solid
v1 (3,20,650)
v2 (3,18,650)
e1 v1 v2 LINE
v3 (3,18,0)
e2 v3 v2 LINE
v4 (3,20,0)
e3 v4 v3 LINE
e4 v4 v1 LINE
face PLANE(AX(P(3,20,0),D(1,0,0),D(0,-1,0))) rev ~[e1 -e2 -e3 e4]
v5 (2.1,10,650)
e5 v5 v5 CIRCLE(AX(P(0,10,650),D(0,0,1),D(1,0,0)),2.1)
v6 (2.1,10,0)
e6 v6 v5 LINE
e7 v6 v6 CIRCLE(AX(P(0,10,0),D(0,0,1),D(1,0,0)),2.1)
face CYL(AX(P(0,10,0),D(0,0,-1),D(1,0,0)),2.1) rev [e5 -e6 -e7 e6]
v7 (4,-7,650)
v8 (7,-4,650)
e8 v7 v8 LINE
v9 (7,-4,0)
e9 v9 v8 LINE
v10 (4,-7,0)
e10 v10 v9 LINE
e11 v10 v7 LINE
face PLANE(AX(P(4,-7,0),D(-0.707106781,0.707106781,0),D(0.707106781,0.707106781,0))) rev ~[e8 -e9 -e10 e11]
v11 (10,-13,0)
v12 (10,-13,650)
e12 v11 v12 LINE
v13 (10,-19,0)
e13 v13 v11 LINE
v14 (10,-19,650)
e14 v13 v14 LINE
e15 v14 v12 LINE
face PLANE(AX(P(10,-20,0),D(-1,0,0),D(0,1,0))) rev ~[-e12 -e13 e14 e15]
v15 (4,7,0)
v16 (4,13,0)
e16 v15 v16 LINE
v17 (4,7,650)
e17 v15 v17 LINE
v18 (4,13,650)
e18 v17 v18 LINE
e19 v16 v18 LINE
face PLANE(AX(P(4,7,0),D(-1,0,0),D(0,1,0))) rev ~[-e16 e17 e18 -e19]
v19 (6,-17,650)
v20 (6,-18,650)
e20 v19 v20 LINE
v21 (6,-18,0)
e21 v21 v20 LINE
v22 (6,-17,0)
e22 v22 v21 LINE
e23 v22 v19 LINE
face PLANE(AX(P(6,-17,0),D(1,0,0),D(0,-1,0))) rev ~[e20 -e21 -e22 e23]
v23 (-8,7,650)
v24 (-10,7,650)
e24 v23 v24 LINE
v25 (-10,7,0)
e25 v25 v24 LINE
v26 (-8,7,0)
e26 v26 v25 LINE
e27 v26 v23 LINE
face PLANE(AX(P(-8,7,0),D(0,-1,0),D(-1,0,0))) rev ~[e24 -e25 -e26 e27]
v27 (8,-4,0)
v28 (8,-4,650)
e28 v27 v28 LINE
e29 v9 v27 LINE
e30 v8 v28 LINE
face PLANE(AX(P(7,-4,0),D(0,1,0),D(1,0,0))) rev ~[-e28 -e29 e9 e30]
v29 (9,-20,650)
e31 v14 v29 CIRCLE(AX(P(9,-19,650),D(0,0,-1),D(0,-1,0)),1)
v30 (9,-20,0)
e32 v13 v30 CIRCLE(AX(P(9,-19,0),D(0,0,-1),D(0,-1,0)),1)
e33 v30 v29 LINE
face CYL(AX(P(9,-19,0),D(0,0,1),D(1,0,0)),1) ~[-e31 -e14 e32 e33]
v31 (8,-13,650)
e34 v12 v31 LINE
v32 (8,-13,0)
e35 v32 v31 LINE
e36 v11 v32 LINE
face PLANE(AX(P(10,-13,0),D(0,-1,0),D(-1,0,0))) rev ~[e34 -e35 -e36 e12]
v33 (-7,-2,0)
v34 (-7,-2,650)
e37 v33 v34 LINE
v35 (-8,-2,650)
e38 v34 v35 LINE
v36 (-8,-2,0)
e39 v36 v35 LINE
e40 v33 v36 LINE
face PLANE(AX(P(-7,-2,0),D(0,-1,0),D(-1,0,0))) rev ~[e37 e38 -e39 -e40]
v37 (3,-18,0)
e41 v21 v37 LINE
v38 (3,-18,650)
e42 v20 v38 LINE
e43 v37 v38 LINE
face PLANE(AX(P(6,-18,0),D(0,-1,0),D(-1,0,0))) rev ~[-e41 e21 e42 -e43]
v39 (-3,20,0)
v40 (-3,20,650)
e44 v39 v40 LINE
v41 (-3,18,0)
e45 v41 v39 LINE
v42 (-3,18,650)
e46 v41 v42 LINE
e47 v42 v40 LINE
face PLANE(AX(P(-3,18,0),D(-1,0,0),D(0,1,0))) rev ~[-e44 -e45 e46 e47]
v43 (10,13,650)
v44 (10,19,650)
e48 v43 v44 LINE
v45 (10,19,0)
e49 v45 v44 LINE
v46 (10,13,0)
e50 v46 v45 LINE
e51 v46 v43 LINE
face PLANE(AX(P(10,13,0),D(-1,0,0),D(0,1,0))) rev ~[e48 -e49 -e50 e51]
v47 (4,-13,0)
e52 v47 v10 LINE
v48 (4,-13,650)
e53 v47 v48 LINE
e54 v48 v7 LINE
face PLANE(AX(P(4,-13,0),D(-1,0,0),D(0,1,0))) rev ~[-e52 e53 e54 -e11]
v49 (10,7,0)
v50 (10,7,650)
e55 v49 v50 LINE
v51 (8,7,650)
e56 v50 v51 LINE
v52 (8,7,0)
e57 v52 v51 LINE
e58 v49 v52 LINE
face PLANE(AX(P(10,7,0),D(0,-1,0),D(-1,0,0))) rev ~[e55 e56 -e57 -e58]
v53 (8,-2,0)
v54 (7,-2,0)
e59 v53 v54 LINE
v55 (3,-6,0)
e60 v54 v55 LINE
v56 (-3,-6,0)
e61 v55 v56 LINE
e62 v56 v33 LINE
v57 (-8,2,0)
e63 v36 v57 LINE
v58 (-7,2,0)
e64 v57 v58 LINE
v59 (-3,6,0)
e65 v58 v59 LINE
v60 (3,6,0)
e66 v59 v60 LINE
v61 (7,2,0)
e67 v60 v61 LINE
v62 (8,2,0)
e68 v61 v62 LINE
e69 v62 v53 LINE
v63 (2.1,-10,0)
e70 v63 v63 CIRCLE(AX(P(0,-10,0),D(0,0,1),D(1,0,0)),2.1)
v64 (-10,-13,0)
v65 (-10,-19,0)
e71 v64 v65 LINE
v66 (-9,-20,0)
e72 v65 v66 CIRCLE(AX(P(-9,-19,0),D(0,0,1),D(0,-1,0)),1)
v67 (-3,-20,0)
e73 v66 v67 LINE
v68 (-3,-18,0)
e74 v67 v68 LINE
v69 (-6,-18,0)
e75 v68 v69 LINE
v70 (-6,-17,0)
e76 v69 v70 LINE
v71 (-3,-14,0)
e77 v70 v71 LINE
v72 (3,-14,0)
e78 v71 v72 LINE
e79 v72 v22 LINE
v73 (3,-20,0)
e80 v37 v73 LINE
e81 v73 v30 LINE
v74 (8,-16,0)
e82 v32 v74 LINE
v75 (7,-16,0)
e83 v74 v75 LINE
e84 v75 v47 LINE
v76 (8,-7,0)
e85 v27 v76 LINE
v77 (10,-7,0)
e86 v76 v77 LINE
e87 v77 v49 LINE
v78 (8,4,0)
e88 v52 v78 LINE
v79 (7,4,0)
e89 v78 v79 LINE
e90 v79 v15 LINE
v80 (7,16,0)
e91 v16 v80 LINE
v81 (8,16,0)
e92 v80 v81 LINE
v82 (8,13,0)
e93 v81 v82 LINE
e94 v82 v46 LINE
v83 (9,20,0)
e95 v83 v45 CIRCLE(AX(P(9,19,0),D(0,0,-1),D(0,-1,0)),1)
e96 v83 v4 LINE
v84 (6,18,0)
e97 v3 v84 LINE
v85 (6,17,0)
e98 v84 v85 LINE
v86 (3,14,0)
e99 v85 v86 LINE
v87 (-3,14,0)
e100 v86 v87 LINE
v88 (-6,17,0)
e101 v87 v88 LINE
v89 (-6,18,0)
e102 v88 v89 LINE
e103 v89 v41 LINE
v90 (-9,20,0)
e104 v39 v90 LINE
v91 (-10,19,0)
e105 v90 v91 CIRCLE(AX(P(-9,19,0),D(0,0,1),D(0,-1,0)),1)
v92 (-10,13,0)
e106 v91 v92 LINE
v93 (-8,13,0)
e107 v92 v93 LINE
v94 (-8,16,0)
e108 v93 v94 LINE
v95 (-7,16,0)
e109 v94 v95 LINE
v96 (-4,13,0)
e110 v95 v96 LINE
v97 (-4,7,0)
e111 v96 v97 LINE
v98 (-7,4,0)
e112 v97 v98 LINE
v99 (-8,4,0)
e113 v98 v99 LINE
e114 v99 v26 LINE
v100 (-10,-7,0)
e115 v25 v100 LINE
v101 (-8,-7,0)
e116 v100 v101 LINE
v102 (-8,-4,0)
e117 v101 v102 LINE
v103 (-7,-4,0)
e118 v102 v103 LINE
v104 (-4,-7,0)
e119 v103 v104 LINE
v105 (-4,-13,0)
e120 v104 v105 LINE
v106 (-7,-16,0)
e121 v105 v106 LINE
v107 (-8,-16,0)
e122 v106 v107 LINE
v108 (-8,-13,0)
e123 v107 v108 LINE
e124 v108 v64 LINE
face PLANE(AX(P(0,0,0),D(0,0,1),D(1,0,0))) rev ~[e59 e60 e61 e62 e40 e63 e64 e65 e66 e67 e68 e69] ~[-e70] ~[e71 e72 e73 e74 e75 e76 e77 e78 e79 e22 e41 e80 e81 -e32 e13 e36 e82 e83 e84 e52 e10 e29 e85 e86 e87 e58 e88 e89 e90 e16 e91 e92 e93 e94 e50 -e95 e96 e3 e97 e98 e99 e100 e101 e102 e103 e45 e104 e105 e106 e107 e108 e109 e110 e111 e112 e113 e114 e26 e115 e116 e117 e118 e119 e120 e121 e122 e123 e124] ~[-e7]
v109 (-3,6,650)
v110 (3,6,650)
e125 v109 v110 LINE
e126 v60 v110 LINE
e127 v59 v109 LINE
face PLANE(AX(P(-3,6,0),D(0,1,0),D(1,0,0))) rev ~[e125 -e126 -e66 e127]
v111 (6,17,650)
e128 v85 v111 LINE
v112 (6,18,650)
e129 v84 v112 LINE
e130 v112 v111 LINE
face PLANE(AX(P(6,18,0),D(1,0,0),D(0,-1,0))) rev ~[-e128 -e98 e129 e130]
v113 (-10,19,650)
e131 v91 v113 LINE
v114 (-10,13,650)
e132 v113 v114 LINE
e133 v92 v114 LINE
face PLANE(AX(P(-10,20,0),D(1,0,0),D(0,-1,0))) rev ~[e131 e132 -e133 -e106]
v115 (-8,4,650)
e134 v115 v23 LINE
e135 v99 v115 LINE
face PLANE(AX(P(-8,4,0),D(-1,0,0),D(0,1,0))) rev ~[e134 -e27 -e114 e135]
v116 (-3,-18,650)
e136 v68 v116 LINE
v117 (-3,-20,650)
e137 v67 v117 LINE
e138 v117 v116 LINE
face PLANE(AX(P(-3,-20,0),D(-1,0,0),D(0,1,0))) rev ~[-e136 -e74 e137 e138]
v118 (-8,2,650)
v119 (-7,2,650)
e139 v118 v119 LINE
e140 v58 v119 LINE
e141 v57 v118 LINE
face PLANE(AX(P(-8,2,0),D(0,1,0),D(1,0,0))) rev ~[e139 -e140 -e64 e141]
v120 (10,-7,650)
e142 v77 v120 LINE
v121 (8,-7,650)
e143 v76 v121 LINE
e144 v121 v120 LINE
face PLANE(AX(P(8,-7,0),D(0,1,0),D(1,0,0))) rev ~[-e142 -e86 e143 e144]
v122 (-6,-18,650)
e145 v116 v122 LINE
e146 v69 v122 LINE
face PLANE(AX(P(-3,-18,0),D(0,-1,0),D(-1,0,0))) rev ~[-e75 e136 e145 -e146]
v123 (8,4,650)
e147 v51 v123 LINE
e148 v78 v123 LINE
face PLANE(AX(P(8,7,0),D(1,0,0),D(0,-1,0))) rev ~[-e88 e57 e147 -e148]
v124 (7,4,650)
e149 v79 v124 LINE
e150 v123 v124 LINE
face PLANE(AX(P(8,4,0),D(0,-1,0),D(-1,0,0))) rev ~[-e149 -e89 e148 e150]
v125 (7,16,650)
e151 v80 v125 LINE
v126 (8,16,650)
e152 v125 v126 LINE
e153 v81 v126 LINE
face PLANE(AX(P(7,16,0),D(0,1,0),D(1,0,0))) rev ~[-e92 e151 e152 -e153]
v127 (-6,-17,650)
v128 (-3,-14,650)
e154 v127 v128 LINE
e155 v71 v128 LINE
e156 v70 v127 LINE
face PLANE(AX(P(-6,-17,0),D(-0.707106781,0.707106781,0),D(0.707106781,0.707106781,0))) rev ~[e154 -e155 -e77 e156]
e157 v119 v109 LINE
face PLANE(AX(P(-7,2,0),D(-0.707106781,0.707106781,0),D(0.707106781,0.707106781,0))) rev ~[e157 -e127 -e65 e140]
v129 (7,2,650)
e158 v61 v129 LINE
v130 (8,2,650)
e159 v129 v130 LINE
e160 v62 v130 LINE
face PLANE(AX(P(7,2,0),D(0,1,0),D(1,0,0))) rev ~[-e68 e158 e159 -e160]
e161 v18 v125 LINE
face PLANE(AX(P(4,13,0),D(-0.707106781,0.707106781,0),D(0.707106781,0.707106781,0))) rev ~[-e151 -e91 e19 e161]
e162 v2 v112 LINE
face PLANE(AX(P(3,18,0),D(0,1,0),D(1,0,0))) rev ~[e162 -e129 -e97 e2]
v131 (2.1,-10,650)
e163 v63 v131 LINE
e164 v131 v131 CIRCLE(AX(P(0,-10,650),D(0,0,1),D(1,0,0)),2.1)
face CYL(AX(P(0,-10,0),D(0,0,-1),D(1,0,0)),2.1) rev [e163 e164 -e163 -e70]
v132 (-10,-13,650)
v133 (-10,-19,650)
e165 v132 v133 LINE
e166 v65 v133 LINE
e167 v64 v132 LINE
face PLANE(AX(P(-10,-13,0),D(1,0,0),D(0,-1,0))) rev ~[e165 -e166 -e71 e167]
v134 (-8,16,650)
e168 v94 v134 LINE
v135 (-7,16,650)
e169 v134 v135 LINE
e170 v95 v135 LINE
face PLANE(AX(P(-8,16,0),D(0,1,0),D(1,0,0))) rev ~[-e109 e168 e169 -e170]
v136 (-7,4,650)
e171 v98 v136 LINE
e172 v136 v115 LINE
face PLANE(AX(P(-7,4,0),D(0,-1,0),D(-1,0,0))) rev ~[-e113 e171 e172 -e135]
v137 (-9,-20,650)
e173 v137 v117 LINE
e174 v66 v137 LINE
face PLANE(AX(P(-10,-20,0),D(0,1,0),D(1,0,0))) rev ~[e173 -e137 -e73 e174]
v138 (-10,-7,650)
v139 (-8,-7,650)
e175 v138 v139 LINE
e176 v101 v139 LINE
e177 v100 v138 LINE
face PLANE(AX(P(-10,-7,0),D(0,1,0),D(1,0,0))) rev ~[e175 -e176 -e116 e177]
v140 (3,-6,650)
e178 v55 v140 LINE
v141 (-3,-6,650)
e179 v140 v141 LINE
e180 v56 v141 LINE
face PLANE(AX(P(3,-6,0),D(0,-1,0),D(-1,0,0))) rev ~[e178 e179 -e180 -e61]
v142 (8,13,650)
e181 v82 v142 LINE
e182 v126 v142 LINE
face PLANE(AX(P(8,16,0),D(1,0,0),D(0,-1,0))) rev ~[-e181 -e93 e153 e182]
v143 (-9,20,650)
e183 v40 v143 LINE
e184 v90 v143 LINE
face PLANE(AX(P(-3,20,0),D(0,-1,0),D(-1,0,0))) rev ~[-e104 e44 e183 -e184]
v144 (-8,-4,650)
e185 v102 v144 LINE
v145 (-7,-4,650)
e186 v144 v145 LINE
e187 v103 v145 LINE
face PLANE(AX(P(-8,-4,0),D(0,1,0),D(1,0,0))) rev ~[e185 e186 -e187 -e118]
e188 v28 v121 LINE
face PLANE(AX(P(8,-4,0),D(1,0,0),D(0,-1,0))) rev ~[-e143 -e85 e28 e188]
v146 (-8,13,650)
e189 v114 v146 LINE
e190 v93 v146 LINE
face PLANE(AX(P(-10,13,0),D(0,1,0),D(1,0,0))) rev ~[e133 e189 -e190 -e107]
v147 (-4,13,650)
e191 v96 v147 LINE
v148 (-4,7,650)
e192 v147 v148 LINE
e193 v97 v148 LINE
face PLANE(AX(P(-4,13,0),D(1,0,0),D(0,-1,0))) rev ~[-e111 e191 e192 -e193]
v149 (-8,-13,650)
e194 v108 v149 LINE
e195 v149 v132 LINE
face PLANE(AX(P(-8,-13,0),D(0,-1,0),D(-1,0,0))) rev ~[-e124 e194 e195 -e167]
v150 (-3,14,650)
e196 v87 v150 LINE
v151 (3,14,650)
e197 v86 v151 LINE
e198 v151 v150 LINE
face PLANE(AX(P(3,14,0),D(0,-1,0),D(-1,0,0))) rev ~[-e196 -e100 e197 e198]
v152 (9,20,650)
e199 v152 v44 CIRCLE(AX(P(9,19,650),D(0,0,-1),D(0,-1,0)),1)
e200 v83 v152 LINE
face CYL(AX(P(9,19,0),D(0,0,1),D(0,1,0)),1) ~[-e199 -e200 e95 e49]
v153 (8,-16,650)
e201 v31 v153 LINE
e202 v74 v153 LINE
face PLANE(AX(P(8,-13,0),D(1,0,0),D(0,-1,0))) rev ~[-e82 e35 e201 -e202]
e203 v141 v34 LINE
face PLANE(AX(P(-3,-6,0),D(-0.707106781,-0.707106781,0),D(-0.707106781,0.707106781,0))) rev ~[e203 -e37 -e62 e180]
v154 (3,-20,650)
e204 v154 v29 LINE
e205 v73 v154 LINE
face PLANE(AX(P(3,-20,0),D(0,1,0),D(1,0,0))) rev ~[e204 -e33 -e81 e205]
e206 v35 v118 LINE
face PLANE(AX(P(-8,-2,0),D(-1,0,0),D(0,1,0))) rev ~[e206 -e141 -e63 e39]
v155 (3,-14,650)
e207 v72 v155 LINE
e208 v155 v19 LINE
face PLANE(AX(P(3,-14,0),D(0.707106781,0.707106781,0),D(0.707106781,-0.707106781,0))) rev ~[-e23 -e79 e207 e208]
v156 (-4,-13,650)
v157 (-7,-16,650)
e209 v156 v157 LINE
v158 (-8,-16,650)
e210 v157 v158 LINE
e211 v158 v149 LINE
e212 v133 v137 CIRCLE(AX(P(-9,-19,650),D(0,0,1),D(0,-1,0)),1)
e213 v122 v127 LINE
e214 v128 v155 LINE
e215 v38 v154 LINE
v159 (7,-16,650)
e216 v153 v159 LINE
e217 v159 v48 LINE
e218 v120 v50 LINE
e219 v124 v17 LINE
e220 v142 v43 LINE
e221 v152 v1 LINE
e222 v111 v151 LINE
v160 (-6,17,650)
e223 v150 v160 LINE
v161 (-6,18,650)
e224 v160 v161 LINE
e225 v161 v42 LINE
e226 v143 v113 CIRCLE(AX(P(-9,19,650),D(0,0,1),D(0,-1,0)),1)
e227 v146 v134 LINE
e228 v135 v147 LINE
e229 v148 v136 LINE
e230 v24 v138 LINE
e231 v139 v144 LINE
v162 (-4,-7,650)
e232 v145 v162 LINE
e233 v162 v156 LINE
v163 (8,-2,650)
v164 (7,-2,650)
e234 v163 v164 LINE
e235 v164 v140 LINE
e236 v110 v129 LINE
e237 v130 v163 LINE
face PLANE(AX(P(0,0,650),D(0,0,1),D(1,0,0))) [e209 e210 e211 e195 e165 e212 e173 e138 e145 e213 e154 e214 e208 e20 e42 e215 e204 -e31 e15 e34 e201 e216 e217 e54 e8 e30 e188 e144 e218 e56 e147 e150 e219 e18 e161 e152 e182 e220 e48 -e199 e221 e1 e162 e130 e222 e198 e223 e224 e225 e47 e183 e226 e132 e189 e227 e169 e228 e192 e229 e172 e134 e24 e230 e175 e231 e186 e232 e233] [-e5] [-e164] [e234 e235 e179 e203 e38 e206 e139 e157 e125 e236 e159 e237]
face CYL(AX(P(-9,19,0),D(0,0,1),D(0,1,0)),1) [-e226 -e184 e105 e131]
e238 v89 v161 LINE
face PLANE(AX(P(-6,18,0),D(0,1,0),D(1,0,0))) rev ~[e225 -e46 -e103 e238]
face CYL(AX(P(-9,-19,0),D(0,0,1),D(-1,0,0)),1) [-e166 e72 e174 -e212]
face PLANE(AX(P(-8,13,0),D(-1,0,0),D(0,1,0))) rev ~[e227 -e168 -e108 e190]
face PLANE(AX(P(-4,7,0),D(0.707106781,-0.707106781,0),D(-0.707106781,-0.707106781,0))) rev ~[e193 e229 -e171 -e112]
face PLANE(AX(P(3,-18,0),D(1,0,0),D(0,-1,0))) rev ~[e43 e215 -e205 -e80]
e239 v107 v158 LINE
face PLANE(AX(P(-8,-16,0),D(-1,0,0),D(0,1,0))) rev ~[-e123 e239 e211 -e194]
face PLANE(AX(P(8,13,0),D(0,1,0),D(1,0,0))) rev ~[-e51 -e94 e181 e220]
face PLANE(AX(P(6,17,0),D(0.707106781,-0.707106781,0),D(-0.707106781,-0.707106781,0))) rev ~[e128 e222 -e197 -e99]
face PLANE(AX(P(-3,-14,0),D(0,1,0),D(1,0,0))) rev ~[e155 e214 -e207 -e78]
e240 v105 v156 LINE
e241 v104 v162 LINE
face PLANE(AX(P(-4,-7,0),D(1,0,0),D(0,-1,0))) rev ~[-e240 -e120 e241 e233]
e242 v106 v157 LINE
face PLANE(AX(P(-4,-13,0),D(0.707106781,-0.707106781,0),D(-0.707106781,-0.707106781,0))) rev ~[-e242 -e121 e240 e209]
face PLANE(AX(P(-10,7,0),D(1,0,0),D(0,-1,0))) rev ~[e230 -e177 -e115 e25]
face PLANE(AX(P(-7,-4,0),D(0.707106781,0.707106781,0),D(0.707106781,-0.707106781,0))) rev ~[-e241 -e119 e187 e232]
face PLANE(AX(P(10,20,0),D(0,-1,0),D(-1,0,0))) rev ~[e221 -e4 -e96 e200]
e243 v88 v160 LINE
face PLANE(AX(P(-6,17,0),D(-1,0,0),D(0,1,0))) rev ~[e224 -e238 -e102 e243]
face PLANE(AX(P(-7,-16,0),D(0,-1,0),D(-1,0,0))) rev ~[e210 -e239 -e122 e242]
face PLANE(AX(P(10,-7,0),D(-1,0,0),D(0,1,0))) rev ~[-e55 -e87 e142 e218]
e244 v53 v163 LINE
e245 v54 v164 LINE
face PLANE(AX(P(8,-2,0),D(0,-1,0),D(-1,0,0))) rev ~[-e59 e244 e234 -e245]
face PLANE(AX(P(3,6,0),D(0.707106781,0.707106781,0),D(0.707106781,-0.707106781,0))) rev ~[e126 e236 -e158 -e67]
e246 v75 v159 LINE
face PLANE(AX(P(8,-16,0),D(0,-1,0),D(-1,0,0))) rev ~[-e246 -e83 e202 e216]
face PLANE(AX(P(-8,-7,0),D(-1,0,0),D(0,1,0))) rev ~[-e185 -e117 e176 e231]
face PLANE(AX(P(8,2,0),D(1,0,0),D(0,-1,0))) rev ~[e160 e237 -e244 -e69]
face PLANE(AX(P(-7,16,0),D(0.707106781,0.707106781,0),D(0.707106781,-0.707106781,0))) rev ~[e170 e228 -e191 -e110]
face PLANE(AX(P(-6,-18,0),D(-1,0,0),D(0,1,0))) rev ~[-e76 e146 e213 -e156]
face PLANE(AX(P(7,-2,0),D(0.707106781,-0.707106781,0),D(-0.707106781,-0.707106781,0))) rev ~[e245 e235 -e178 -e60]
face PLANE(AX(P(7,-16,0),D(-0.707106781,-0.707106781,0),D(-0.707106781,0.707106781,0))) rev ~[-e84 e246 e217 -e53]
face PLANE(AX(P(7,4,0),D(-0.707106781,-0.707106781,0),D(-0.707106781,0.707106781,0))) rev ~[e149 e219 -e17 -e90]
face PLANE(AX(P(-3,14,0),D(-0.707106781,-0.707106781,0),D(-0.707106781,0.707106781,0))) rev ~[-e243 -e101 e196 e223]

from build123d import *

# Parameters (mm, degrees)
SCHIZZO1_R                   = 2.1
ESTRUSIONE_ESTRUSIONE1_DEPTH = 650
RACCORDO1_R                  = 1


with BuildPart() as part:
    # Schizzo1 → Estrusione-Estrusione1 (new body)
    with BuildSketch(Plane.XY):
        Polygon((-3, 20), (-10, 20), (-10, 13), (-8, 13), (-8, 16), (-7, 16), (-4, 13), (-4, 7), (-7, 4), (-8, 4), (-8, 7), (-10, 7), (-10, -7), (-8, -7), (-8, -4), (-7, -4), (-4, -7), (-4, -13), (-7, -16), (-8, -16), (-8, -13), (-10, -13), (-10, -20), (-3, -20), (-3, -18), (-6, -18), (-6, -17), (-3, -14), (3, -14), (6, -17), (6, -18), (3, -18), (3, -20), (10, -20), (10, -13), (8, -13), (8, -16), (7, -16), (4, -13), (4, -7), (7, -4), (8, -4), (8, -7), (10, -7), (10, 7), (8, 7), (8, 4), (7, 4), (4, 7), (4, 13), (7, 16), (8, 16), (8, 13), (10, 13), (10, 20), (3, 20), (3, 18), (6, 18), (6, 17), (3, 14), (-3, 14), (-6, 17), (-6, 18), (-3, 18), align=None)
        Polygon((8, 2), (8, -2), (7, -2), (3, -6), (-3, -6), (-7, -2), (-8, -2), (-8, 2), (-7, 2), (-3, 6), (3, 6), (7, 2), align=None, mode=Mode.SUBTRACT)
        with Locations((0, 10)):
            Circle(SCHIZZO1_R, mode=Mode.SUBTRACT)
        with Locations((0, -10)):
            Circle(SCHIZZO1_R, mode=Mode.SUBTRACT)
    extrude(amount=ESTRUSIONE_ESTRUSIONE1_DEPTH)

    # Raccordo1
    raccordo1_edges = [part.edges().sort_by_distance(p)[0] for p in [
        (-10, 20, 325),
        (10, 20, 325),
        (10, -20, 325),
        (-10, -20, 325),
    ]]
    fillet(raccordo1_edges, radius=RACCORDO1_R)


solid = part.part
